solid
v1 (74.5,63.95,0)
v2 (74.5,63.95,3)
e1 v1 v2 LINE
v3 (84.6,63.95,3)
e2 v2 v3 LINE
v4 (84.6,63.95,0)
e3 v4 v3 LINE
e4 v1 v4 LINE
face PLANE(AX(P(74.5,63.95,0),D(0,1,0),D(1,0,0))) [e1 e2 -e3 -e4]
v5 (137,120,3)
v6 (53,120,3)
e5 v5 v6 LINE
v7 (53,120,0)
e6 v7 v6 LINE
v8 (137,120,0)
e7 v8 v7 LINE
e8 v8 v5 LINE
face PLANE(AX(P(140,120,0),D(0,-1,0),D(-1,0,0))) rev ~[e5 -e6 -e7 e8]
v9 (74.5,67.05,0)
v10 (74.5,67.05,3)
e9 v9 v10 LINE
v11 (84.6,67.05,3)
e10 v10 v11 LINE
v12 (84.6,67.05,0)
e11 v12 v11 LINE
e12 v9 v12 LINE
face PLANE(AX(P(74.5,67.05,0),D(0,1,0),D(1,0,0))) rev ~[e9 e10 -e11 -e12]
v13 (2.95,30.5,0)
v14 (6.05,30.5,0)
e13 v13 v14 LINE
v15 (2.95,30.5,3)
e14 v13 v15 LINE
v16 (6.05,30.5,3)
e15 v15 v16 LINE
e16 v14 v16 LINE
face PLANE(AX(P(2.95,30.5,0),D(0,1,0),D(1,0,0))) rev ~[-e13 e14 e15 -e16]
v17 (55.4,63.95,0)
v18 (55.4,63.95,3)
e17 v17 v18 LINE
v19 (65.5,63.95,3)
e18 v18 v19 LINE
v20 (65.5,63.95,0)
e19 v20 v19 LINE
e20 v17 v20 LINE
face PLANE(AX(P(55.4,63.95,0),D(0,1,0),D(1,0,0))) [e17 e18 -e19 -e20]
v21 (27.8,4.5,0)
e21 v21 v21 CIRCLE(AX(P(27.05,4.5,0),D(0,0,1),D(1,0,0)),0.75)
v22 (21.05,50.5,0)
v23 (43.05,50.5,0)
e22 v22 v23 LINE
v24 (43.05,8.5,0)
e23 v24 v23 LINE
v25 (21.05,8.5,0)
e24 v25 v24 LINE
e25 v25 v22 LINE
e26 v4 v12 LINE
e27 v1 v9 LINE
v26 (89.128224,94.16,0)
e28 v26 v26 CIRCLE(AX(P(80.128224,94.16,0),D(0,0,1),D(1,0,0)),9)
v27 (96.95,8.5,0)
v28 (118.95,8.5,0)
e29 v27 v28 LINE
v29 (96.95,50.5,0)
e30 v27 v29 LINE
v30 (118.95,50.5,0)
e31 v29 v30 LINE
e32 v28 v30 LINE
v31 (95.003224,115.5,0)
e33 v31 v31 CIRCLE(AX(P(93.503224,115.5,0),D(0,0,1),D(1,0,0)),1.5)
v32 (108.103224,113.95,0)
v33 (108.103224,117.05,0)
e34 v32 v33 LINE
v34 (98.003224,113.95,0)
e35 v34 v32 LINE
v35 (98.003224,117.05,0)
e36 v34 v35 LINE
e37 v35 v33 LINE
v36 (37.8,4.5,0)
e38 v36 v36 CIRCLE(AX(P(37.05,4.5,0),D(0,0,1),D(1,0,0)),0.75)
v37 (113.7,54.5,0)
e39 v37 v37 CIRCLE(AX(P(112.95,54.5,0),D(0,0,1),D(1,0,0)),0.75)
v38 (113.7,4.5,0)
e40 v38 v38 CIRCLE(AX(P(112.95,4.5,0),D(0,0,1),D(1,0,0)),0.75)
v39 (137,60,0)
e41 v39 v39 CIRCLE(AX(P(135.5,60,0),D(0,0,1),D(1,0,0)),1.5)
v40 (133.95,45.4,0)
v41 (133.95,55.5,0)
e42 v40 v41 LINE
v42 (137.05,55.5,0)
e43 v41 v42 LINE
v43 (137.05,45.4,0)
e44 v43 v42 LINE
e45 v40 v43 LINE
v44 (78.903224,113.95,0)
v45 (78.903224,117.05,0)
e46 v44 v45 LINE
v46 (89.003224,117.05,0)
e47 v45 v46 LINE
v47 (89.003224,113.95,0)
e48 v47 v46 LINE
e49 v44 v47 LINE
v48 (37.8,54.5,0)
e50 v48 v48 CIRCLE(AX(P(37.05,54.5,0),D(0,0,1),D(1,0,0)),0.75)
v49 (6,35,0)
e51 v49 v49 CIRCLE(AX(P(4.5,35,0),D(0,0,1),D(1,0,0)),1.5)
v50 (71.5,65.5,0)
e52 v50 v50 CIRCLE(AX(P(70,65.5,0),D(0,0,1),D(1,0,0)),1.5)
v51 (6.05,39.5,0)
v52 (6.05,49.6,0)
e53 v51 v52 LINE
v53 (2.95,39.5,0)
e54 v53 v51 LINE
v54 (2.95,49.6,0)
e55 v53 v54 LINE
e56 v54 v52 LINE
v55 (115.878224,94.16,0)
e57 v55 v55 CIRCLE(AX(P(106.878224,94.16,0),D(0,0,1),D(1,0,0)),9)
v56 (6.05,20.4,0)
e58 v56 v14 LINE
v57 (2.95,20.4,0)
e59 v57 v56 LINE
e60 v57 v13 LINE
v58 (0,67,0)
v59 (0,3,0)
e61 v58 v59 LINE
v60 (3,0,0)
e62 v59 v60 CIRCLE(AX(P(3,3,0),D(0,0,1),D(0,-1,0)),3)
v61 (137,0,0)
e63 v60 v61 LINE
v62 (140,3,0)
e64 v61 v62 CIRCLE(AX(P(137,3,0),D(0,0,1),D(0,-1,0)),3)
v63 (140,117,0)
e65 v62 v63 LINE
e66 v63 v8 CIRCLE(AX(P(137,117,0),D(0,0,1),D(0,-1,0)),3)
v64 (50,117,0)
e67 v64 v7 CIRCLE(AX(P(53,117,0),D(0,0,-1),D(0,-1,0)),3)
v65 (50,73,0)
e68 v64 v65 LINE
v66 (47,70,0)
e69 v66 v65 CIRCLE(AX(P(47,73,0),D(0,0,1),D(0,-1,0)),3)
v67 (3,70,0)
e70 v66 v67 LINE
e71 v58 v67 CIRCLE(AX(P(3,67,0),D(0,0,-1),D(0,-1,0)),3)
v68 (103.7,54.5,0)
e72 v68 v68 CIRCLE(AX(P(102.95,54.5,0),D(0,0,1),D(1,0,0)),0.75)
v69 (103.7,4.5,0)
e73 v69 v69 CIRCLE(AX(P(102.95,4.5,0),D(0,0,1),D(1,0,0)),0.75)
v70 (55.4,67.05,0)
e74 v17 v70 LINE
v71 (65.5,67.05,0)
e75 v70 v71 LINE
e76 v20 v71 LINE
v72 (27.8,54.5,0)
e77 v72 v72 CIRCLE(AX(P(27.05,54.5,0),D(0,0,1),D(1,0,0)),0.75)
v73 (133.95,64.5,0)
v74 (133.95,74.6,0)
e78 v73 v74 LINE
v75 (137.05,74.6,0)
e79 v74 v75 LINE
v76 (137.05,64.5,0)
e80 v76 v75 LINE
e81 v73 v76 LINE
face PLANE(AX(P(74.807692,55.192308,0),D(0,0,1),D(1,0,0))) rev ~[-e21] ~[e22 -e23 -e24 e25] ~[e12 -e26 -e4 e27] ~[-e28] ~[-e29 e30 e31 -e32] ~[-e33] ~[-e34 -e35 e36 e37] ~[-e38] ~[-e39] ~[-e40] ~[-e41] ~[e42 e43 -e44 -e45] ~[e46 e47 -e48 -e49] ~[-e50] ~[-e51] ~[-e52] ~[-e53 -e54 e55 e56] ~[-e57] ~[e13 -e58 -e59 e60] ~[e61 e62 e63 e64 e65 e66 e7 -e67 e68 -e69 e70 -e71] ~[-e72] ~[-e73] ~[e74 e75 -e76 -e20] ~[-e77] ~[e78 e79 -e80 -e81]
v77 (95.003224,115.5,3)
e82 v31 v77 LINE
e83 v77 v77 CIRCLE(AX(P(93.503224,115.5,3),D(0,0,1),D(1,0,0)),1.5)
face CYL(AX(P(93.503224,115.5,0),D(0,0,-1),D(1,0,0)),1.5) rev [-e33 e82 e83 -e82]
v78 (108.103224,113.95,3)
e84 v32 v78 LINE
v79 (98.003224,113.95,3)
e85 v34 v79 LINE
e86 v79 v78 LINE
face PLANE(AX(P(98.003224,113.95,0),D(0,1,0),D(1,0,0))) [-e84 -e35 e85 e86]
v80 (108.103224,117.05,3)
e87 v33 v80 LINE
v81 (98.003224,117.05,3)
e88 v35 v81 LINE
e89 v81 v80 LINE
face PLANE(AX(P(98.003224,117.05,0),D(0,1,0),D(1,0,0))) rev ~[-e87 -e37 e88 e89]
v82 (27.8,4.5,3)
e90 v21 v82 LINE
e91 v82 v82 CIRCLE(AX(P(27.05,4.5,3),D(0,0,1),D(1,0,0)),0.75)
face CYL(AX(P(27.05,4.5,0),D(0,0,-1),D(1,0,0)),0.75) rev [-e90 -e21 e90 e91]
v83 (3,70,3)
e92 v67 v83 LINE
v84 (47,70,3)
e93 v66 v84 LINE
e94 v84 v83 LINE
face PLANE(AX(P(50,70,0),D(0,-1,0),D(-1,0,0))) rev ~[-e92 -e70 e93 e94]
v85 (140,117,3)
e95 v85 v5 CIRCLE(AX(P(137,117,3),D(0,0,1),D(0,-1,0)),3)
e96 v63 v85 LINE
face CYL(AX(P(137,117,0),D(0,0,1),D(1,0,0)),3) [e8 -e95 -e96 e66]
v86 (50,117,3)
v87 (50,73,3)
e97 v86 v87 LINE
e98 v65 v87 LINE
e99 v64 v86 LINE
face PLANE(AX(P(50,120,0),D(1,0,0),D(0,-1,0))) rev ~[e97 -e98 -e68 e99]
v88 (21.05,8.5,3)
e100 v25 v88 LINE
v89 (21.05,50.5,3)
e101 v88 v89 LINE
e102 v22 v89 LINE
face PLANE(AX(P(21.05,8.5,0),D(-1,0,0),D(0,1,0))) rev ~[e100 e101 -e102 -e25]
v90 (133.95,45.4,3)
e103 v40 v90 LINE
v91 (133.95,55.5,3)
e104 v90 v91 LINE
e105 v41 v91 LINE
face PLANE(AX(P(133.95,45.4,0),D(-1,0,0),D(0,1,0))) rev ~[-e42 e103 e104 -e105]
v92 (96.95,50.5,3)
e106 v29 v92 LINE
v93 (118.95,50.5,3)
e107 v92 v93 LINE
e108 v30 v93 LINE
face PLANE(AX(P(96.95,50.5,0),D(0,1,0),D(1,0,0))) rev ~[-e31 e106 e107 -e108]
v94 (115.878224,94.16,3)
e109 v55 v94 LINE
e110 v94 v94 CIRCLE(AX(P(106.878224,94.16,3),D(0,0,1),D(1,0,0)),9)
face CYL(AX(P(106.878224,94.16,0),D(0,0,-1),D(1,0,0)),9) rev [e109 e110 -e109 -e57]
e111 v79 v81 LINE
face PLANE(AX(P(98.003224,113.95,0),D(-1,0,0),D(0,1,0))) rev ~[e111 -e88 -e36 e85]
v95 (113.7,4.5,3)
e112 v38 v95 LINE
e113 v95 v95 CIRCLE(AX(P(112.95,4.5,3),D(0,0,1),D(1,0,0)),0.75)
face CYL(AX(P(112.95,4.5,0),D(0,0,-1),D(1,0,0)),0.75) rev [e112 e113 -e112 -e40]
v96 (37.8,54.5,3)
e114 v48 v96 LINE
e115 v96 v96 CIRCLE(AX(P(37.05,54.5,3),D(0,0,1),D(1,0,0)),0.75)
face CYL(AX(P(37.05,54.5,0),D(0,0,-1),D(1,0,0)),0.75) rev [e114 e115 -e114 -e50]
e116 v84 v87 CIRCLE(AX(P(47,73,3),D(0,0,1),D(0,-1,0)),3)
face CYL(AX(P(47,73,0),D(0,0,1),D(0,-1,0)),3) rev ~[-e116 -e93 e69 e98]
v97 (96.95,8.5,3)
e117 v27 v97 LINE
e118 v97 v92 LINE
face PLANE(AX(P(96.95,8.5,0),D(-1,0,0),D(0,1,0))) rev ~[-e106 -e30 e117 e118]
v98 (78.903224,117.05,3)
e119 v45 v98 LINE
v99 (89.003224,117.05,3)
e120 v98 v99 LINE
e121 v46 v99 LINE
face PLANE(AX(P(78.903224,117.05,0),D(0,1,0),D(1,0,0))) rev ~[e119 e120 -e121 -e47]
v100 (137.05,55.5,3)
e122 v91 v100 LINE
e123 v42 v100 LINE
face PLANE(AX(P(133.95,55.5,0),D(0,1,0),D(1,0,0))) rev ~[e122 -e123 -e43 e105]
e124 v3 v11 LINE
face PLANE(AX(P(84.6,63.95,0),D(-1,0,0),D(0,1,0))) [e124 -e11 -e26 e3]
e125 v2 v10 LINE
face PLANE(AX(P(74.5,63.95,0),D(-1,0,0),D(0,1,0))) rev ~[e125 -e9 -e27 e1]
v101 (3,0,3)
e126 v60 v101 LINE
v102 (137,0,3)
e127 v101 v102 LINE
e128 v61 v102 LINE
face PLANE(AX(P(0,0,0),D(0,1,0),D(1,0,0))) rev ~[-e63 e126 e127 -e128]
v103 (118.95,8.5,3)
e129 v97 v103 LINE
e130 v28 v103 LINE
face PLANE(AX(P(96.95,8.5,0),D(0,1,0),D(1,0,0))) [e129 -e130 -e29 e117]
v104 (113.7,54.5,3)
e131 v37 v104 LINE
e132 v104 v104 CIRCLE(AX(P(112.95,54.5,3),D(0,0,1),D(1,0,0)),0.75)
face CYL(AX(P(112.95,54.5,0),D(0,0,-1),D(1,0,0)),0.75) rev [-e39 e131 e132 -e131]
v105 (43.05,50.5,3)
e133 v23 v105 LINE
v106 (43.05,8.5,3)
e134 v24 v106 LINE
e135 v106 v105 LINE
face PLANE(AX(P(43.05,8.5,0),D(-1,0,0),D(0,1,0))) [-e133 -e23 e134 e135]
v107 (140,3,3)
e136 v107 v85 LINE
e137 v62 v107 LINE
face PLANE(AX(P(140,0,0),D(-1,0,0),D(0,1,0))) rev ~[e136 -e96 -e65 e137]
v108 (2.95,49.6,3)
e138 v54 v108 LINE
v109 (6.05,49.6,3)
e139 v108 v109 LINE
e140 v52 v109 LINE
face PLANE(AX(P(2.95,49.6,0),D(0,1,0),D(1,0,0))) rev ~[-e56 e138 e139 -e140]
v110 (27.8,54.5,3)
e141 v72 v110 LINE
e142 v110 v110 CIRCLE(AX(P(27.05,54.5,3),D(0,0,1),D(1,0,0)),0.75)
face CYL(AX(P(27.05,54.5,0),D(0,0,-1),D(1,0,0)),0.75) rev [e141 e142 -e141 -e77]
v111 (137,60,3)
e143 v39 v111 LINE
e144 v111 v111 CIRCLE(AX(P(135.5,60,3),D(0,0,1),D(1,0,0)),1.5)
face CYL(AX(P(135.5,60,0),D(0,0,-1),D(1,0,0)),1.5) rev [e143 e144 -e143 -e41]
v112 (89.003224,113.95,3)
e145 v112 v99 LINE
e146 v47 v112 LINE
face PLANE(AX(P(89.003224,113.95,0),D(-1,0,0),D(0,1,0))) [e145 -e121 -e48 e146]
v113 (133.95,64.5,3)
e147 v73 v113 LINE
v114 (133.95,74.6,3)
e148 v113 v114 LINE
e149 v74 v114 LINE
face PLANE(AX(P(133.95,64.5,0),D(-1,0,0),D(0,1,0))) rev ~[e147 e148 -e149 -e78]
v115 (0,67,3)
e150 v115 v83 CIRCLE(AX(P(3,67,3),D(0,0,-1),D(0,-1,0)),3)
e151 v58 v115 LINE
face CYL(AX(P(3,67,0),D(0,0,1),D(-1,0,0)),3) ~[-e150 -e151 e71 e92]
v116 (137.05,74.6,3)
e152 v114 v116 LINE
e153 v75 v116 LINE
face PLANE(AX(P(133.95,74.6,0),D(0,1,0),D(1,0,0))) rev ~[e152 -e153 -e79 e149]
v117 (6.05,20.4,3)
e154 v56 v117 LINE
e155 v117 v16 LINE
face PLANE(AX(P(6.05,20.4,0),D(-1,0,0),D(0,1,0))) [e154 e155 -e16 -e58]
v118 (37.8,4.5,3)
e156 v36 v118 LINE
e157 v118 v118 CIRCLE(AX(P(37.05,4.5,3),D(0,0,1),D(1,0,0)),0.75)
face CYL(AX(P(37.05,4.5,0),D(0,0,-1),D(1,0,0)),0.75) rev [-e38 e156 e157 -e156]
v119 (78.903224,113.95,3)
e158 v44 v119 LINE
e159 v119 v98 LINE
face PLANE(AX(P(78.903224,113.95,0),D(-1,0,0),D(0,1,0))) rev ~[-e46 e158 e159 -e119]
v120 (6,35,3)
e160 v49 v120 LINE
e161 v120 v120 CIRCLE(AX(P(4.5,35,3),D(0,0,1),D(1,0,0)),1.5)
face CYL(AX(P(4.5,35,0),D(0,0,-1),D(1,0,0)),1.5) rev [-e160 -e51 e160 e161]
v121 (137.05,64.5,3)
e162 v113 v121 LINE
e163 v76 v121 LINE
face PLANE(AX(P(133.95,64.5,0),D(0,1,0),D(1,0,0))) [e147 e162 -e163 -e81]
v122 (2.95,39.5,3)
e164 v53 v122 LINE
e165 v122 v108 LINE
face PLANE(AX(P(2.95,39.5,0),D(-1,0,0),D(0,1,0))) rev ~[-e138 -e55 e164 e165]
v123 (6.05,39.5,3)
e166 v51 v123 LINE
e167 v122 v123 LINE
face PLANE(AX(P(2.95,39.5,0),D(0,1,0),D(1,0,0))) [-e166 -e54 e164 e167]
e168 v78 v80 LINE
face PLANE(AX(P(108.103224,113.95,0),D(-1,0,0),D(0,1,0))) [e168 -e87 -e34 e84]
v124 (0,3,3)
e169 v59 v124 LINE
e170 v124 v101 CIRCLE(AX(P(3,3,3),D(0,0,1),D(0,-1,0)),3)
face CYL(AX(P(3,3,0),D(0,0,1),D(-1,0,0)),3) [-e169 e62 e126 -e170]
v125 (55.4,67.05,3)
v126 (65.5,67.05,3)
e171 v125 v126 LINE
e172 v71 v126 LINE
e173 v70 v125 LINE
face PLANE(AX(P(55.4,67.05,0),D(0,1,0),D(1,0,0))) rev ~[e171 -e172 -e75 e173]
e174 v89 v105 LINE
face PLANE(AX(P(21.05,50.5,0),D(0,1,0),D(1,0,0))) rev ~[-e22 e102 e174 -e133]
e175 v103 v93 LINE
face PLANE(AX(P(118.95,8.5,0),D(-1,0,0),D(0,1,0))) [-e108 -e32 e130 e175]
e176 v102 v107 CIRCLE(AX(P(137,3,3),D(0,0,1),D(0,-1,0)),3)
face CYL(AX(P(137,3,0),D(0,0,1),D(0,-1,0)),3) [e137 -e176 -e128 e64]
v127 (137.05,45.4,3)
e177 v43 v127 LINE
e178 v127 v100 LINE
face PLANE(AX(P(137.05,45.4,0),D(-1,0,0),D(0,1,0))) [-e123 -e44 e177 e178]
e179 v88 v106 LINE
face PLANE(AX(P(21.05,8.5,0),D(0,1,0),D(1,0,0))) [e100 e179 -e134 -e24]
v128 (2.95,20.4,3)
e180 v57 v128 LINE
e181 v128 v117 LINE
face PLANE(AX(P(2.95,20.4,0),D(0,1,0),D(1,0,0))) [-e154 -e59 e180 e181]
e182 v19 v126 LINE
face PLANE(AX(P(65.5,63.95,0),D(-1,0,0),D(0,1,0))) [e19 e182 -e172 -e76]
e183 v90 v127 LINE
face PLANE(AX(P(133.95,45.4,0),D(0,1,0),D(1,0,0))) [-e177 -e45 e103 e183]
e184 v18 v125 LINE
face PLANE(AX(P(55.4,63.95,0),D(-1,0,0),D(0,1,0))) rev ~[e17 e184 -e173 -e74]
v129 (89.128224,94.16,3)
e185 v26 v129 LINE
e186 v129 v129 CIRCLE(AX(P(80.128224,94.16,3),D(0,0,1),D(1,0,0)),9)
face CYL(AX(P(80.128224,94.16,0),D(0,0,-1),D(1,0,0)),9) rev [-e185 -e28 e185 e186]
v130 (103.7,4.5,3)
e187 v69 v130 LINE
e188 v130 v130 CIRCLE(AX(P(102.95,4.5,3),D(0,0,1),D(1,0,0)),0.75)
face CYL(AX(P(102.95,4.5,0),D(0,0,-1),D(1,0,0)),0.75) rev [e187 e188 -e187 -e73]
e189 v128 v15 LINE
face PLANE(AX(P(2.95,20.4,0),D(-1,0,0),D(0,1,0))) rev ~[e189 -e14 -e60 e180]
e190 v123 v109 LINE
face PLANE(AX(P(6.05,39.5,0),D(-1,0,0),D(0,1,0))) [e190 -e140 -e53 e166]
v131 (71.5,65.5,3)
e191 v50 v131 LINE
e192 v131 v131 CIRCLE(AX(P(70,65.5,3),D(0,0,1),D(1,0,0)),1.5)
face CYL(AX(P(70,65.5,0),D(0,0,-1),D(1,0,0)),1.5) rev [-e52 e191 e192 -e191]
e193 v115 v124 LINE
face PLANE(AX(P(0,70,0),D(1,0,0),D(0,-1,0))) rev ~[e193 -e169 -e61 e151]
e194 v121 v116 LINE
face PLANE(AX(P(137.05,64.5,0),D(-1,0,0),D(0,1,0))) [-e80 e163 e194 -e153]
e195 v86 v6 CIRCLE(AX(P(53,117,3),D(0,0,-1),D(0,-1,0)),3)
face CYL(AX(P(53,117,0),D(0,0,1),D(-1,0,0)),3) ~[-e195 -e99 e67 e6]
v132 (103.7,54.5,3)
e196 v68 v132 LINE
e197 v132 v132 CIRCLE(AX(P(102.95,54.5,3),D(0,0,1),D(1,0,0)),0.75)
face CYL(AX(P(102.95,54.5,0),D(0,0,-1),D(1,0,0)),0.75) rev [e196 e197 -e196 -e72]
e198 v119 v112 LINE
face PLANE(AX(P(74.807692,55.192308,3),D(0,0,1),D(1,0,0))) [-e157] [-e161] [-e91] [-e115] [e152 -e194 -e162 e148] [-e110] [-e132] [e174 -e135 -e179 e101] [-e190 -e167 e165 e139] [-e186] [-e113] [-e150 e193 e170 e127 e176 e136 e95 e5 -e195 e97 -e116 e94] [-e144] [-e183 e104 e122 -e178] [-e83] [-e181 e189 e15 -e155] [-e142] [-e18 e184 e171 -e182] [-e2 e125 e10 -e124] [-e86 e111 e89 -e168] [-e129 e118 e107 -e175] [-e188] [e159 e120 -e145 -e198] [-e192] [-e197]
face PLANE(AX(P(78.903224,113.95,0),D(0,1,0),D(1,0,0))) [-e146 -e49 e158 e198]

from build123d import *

# Parameters (mm, degrees)
SKETCH1_R           = 0.75
SKETCH1_W           = 3.1
SKETCH1_H           = 10.1
SKETCH1_W_2         = 22
SKETCH1_H_2         = 42
SKETCH1_R_2         = 1.5
SKETCH1_W_3         = 10.1
SKETCH1_H_3         = 3.1
SKETCH1_R_3         = 9
BOSS_EXTRUDE4_DEPTH = 3
FILLET1_R           = 3


with BuildPart() as part:
    # Sketch1 → Boss-Extrude4 (new body)
    with BuildSketch(Plane.XY):
        Polygon((0, 70), (0, 0), (140, 0), (140, 120), (50, 120), (50, 70), align=None)
        with Locations((27.05, 4.5)):
            Circle(SKETCH1_R, mode=Mode.SUBTRACT)
        with Locations((4.5, 25.45)):
            Rectangle(SKETCH1_W, SKETCH1_H, mode=Mode.SUBTRACT)
        with Locations((32.05, 29.500000083)):
            Rectangle(SKETCH1_W_2, SKETCH1_H_2, mode=Mode.SUBTRACT)
        with Locations((37.05, 4.5)):
            Circle(SKETCH1_R, mode=Mode.SUBTRACT)
        with Locations((4.5, 35)):
            Circle(SKETCH1_R_2, mode=Mode.SUBTRACT)
        with Locations((4.5, 44.55)):
            Rectangle(SKETCH1_W, SKETCH1_H, mode=Mode.SUBTRACT)
        with Locations((27.05, 54.500000165)):
            Circle(SKETCH1_R, mode=Mode.SUBTRACT)
        with Locations((37.05, 54.500000165)):
            Circle(SKETCH1_R, mode=Mode.SUBTRACT)
        with Locations((102.95, 4.5)):
            Circle(SKETCH1_R, mode=Mode.SUBTRACT)
        with Locations((112.95, 4.5)):
            Circle(SKETCH1_R, mode=Mode.SUBTRACT)
        with Locations((107.95, 29.500000083)):
            Rectangle(SKETCH1_W_2, SKETCH1_H_2, mode=Mode.SUBTRACT)
        with Locations((102.95, 54.500000165)):
            Circle(SKETCH1_R, mode=Mode.SUBTRACT)
        with Locations((112.95, 54.500000165)):
            Circle(SKETCH1_R, mode=Mode.SUBTRACT)
        with Locations((135.5, 50.45)):
            Rectangle(SKETCH1_W, SKETCH1_H, mode=Mode.SUBTRACT)
        with Locations((60.45, 65.5)):
            Rectangle(SKETCH1_W_3, SKETCH1_H_3, mode=Mode.SUBTRACT)
        with Locations((70, 65.5)):
            Circle(SKETCH1_R_2, mode=Mode.SUBTRACT)
        with Locations((79.55, 65.5)):
            Rectangle(SKETCH1_W_3, SKETCH1_H_3, mode=Mode.SUBTRACT)
        with Locations((135.5, 60)):
            Circle(SKETCH1_R_2, mode=Mode.SUBTRACT)
        with Locations((135.5, 69.55)):
            Rectangle(SKETCH1_W, SKETCH1_H, mode=Mode.SUBTRACT)
        with Locations((80.128224089, 94.16)):
            Circle(SKETCH1_R_3, mode=Mode.SUBTRACT)
        with Locations((83.953224089, 115.5)):
            Rectangle(SKETCH1_W_3, SKETCH1_H_3, mode=Mode.SUBTRACT)
        with Locations((93.503224089, 115.5)):
            Circle(SKETCH1_R_2, mode=Mode.SUBTRACT)
        with Locations((103.053224089, 115.5)):
            Rectangle(SKETCH1_W_3, SKETCH1_H_3, mode=Mode.SUBTRACT)
        with Locations((106.878224089, 94.16)):
            Circle(SKETCH1_R_3, mode=Mode.SUBTRACT)
    extrude(amount=BOSS_EXTRUDE4_DEPTH)

    # Fillet1
    fillet1_edges = [part.edges().sort_by_distance(p)[0] for p in [
        (50, 120, 1.5),
        (140, 120, 1.5),
        (140, 0, 1.5),
        (0, 0, 1.5),
        (0, 70, 1.5),
        (50, 70, 1.5),
    ]]
    fillet(fillet1_edges, radius=FILLET1_R)


solid = part.part
